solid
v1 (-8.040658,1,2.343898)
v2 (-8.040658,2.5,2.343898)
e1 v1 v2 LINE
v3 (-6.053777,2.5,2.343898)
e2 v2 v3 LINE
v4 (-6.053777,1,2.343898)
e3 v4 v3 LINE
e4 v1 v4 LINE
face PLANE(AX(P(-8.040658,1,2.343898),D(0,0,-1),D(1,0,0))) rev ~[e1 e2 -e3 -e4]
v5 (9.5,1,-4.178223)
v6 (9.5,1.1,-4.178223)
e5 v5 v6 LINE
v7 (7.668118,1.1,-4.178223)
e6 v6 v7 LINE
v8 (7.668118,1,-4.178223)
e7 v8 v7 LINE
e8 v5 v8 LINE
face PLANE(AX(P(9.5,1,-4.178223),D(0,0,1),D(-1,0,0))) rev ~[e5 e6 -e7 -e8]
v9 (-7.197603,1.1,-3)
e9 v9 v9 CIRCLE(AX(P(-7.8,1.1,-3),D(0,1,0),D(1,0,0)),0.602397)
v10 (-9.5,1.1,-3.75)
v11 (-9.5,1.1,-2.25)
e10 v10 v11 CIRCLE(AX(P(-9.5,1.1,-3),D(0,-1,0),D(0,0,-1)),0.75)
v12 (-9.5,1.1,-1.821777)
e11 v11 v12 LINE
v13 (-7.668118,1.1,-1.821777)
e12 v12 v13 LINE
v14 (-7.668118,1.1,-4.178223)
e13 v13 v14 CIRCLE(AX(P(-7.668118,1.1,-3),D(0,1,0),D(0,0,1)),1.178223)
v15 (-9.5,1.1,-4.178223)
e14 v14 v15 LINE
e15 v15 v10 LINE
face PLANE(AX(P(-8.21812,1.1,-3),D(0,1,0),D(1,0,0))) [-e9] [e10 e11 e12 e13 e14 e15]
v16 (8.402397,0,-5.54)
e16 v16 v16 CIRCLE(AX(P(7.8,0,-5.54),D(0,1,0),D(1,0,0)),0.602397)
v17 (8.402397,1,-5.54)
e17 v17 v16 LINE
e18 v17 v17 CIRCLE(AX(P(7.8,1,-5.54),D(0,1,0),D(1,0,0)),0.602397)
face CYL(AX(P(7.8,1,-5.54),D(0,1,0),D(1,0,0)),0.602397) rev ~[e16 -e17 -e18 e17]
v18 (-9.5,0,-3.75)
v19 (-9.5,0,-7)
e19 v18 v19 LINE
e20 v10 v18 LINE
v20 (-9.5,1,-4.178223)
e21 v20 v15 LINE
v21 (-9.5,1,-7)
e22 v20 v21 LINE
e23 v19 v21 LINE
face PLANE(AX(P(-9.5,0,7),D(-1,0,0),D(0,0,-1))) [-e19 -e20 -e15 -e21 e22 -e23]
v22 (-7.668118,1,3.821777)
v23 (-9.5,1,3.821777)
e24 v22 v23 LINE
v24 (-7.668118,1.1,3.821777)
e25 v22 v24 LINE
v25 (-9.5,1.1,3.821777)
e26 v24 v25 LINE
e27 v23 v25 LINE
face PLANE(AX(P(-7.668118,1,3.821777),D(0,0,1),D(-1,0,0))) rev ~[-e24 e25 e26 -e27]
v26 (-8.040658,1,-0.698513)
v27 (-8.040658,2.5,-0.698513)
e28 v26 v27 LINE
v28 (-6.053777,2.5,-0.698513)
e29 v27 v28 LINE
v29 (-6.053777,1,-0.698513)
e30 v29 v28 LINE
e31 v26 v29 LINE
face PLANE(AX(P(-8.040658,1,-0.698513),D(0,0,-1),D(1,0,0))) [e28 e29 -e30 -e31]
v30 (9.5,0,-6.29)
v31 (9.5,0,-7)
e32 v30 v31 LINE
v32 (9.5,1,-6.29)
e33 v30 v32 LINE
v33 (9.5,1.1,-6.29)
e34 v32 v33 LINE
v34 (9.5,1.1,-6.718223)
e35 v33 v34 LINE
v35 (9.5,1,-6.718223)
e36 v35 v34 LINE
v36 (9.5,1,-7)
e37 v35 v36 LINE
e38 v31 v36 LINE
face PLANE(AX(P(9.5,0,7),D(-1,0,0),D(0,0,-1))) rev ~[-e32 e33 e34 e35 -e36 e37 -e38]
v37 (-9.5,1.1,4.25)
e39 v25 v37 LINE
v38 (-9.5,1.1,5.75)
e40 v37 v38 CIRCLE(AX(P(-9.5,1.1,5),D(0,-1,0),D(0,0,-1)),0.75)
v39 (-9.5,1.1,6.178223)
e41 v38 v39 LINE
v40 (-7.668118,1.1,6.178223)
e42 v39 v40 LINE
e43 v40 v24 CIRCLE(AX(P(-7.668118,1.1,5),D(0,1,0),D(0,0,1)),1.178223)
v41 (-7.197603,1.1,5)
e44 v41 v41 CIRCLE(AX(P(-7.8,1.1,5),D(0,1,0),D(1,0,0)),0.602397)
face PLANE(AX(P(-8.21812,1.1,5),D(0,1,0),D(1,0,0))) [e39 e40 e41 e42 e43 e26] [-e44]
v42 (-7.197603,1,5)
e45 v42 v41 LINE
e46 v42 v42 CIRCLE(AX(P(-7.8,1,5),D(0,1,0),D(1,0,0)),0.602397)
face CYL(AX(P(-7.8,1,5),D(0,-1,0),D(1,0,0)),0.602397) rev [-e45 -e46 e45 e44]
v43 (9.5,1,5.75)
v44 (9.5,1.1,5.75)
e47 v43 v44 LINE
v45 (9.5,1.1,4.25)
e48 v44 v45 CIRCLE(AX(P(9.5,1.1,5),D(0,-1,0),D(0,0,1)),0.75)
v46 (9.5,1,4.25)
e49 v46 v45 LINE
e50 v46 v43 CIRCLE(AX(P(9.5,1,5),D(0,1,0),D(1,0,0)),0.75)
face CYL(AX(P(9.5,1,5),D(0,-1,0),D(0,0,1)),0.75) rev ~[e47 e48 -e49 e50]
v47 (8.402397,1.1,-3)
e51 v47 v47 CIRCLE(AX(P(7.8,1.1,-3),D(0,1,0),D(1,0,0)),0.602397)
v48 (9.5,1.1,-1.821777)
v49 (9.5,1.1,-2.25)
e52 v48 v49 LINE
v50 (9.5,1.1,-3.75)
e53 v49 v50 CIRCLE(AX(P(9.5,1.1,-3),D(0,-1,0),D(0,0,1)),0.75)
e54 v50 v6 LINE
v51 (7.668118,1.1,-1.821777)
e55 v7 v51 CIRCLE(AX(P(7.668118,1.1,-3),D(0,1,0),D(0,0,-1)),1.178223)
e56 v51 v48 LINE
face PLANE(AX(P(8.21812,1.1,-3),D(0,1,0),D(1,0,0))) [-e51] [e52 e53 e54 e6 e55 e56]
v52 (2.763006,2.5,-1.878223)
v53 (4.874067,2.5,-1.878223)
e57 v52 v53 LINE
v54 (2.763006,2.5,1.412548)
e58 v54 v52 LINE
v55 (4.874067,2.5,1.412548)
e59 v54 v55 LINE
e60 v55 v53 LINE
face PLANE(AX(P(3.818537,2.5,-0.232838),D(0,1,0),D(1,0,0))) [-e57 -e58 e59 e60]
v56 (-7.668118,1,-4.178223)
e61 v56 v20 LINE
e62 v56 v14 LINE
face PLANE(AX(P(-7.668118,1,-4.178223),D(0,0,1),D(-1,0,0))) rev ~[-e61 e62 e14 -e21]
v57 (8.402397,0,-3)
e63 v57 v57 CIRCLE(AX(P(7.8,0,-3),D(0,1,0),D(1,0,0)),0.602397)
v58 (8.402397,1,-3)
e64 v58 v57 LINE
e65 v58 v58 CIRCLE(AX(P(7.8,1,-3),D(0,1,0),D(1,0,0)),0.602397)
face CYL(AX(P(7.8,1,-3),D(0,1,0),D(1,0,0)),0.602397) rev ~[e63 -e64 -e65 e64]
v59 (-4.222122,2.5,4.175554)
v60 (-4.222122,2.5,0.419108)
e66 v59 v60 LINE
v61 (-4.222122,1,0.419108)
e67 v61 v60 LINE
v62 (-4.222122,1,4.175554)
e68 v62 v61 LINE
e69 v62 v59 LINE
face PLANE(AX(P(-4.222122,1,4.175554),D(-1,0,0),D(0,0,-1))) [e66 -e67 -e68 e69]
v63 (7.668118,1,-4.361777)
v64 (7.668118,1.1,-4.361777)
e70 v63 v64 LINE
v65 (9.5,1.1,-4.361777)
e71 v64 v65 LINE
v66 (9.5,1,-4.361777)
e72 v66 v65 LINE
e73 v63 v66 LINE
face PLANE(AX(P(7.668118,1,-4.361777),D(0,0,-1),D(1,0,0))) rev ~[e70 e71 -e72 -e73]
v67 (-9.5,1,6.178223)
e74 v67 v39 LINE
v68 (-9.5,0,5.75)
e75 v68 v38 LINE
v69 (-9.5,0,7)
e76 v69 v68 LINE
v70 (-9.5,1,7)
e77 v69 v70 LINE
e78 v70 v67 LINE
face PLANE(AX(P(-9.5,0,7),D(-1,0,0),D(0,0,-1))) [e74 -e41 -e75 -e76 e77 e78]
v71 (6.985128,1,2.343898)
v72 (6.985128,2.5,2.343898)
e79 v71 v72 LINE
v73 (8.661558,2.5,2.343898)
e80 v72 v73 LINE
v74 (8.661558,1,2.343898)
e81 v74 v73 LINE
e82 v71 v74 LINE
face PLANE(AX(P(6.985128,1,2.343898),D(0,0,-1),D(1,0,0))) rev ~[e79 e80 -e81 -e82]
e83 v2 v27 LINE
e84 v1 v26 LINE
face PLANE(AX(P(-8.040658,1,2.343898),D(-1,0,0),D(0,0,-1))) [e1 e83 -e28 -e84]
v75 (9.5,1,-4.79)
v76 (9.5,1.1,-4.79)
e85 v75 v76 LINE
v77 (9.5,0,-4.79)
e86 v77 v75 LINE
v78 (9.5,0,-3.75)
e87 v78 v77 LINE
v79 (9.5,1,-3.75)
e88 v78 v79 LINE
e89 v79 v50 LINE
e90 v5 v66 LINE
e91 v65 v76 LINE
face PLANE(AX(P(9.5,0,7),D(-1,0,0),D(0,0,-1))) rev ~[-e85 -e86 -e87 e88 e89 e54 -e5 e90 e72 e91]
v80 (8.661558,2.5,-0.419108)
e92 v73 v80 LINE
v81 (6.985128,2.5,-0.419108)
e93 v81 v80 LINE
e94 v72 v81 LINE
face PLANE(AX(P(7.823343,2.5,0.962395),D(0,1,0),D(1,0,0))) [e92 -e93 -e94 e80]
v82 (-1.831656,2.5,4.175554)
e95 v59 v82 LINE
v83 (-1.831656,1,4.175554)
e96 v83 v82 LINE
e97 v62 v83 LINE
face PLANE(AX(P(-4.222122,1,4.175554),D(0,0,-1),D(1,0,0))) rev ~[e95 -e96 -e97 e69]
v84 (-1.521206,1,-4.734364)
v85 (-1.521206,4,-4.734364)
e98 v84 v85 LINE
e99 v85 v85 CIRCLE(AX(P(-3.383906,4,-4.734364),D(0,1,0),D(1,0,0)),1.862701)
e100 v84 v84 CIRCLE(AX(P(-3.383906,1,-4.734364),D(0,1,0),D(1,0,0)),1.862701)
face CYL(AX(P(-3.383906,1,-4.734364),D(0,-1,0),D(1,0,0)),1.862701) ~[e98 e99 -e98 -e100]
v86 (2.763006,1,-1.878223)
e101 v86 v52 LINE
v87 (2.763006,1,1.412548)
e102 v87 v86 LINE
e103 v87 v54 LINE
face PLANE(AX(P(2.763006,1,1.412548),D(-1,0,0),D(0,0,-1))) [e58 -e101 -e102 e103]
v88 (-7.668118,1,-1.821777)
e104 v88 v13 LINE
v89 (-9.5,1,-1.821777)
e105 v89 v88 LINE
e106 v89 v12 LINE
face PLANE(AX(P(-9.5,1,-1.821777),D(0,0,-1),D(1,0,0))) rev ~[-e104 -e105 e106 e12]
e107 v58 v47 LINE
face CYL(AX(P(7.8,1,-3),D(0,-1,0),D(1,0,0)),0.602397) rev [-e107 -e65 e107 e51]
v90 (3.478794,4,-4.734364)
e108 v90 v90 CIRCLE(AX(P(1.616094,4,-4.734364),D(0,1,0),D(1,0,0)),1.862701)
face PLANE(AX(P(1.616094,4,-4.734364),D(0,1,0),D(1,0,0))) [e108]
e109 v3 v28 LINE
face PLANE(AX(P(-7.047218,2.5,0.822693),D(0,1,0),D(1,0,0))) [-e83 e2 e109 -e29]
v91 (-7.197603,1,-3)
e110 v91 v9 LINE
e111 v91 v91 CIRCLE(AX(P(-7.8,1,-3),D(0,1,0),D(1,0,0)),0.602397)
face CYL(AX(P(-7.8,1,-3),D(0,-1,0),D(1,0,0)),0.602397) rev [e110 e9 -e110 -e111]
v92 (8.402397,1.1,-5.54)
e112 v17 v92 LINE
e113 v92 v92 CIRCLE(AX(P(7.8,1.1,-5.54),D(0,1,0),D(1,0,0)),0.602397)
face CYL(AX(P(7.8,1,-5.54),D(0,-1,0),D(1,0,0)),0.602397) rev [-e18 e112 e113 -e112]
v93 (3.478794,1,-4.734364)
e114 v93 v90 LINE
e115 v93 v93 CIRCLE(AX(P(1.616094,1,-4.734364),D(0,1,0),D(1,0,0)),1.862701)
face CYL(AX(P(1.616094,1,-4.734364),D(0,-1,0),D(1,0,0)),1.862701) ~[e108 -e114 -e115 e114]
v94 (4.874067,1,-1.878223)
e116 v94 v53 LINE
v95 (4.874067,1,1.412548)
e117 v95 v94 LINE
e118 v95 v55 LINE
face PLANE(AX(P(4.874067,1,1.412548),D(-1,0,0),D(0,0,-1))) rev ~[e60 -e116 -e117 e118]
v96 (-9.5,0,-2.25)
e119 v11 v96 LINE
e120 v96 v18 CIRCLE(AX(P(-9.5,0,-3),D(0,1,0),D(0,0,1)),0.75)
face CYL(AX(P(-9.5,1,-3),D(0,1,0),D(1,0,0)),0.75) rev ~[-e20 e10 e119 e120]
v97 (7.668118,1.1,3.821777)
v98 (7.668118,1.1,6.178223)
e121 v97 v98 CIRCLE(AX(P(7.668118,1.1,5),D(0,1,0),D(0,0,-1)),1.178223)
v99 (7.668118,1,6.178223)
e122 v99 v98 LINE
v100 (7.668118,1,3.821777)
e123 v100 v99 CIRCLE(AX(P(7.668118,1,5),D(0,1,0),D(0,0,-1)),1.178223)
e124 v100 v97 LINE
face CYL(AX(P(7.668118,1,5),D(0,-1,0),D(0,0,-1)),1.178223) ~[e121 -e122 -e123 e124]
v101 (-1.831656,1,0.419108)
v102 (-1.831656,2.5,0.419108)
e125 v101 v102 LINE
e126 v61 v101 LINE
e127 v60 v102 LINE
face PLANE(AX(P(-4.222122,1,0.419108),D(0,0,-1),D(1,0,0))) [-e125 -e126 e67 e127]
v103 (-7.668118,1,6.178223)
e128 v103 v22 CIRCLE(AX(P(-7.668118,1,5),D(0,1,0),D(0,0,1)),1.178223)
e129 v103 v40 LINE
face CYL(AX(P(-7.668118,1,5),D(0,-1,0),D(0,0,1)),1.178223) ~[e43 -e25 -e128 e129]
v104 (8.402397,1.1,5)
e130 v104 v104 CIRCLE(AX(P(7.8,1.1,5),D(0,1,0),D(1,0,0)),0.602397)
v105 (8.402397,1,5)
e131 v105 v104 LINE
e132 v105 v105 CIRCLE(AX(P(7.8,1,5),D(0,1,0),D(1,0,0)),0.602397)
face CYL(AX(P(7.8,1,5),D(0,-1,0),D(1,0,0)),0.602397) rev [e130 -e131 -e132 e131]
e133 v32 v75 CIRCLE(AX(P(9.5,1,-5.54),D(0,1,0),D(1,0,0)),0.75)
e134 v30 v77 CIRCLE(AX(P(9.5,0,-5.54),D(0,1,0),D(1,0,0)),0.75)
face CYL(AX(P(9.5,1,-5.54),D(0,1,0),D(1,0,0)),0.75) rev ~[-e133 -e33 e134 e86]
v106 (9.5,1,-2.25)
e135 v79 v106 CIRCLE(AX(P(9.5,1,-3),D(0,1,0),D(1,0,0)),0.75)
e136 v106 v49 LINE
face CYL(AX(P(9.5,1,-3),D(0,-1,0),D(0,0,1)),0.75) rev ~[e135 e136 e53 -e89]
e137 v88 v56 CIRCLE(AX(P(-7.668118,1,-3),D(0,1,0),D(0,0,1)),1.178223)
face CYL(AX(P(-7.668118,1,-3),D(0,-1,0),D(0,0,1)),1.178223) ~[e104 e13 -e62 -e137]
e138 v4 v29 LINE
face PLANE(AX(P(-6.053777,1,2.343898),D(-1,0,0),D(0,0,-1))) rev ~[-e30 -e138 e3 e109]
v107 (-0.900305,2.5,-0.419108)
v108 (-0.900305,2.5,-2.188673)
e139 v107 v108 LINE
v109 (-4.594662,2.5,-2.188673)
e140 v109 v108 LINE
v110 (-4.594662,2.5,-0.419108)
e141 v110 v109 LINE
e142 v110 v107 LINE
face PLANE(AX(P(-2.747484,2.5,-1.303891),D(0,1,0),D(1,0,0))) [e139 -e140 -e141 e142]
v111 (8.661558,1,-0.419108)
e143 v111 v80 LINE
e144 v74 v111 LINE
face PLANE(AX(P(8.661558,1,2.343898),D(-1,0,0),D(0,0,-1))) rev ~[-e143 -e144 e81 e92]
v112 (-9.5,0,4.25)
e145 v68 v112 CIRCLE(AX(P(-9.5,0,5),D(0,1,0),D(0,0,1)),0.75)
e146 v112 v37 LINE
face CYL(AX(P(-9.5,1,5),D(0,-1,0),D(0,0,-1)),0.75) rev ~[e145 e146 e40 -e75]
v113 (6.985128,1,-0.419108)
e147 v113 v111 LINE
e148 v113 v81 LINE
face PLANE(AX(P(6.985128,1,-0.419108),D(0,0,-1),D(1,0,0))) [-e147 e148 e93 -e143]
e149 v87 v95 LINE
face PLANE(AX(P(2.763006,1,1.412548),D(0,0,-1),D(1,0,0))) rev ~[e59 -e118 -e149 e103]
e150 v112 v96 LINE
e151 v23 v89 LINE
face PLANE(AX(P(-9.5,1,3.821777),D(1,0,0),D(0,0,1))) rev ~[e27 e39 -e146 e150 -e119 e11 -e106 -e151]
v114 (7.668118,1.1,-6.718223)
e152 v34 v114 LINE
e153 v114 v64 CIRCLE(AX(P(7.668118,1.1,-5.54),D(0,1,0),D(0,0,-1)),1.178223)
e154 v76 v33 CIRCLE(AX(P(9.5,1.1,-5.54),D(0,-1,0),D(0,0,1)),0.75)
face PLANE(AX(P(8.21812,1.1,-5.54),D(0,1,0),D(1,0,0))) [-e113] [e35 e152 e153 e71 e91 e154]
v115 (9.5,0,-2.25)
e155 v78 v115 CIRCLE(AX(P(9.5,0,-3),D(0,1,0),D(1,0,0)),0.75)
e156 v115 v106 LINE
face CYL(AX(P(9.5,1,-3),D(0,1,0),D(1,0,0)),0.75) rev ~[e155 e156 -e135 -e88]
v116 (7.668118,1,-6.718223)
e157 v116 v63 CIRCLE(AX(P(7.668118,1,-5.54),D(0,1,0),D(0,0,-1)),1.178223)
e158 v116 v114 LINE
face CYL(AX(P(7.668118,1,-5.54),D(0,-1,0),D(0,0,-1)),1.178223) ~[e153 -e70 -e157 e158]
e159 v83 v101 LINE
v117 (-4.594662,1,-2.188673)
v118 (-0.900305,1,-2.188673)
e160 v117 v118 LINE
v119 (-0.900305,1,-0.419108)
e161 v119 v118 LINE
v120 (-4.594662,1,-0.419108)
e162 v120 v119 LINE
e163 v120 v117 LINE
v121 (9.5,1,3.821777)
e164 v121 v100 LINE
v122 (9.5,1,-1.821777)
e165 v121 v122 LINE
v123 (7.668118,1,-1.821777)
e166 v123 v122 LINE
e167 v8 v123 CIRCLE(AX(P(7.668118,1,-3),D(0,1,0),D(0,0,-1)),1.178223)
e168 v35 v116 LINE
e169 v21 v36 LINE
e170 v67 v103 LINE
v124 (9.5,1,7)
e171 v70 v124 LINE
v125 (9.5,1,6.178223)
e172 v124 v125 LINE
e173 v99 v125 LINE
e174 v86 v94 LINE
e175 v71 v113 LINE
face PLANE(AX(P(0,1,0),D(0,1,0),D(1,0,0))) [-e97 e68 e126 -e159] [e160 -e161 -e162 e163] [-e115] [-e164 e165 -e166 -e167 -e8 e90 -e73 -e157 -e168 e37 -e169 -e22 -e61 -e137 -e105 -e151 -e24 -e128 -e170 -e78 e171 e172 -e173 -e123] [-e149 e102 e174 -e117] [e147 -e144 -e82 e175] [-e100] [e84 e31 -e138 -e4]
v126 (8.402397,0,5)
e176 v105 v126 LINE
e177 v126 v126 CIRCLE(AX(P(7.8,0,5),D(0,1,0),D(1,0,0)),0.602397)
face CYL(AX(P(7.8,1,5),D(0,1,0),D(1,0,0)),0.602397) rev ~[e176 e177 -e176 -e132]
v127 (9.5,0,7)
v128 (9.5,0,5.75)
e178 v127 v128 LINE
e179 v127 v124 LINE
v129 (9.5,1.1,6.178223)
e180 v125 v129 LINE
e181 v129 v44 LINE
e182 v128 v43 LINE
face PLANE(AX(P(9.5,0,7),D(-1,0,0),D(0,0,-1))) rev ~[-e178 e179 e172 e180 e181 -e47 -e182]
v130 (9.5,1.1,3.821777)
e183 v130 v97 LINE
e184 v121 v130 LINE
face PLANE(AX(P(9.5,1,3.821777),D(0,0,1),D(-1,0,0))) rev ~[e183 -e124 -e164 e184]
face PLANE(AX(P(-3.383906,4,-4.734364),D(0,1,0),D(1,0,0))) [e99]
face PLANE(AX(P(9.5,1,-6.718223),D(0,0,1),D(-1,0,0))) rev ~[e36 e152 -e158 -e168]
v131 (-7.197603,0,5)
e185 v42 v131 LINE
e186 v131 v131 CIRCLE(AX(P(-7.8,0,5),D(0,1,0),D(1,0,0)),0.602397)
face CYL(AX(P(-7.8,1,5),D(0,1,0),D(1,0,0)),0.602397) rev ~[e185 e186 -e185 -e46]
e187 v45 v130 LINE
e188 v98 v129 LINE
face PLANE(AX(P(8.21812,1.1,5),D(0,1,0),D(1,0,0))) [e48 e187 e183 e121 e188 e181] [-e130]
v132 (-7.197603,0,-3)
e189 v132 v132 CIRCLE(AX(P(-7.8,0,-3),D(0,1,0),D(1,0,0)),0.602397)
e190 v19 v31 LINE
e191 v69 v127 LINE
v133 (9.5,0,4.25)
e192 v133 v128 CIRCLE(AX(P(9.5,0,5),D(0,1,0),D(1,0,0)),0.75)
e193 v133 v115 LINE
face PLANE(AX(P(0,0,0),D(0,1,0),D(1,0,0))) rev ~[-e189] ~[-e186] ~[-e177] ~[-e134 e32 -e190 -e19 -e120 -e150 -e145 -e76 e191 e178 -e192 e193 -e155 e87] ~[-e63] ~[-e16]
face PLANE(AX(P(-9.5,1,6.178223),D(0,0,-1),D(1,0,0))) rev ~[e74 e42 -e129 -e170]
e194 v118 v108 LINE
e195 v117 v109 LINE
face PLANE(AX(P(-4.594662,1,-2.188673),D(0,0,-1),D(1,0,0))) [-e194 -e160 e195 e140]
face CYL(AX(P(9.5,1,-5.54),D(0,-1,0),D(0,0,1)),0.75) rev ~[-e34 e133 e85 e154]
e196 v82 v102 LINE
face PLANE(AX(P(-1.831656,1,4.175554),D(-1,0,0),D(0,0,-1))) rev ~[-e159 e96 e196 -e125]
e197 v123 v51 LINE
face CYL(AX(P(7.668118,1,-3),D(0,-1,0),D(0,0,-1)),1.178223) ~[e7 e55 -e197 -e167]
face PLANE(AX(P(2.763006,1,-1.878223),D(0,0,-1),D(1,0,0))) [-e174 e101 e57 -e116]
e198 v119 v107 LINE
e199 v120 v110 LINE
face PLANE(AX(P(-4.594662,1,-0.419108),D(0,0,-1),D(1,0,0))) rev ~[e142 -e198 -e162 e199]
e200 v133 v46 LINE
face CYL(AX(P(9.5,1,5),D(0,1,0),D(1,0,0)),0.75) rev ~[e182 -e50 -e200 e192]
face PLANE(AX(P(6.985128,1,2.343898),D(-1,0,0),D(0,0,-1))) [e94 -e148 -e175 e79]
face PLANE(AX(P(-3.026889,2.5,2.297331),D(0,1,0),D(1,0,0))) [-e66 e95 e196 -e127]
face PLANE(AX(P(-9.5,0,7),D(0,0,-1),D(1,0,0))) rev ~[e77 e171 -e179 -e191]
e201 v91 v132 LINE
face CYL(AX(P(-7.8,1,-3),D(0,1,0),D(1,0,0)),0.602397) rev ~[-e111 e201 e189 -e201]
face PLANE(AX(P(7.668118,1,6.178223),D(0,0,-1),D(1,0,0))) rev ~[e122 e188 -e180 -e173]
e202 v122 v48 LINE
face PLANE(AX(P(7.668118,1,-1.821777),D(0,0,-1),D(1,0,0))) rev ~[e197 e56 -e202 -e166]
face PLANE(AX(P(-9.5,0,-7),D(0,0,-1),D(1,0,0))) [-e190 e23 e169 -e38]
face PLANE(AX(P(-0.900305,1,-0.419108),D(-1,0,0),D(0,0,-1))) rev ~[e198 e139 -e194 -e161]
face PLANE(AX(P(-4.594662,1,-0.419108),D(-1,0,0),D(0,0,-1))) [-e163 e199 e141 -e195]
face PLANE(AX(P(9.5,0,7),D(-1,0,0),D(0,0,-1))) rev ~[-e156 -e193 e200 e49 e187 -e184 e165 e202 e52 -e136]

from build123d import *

# Parameters (mm, degrees)
SKETCH_1_W          = 19
SKETCH_1_H          = 14
EXTRUDE_1_DEPTH     = 1
SKETCH_2_R          = 0.75
SKETCH_2_R_2        = 0.602396592
CUT_EXTRUDE_1_DEPTH = 2
SKETCH_4_R          = 1.862700745
EXTRUDE_2_DEPTH     = 3
SKETCH_3_R          = 0.602396592
EXTRUDE_3_DEPTH     = 0.1
SKETCH_5_W          = 2.390465956
SKETCH_5_H          = 3.756446502
SKETCH_5_W_2        = 2.111060845
SKETCH_5_H_2        = 3.290771316
SKETCH_5_W_3        = 1.986880794
SKETCH_5_H_3        = 3.042411217
SKETCH_5_W_4        = 3.694356478
SKETCH_5_H_4        = 1.769565707
SKETCH_5_W_5        = 1.676430671
SKETCH_5_H_5        = 2.763006106
EXTRUDE_4_DEPTH     = 1.5


with BuildPart() as part:
    # Эскиз1 → Бобышка-Вытянуть1 (new body)
    with BuildSketch(Plane(origin=(0, 0, 0), x_dir=(1, 0, 0), z_dir=(0, 1, 0))):
        Rectangle(SKETCH_1_W, SKETCH_1_H)
    extrude(amount=EXTRUDE_1_DEPTH)

    # Эскиз2 → Вырез-Вытянуть1 (cut, through all)
    with BuildSketch(Plane(origin=(0, 1, 0), x_dir=(1, 0, 0), z_dir=(0, 1, 0))):
        with Locations((-9.5, -5)):
            Circle(SKETCH_2_R)
        with Locations((-9.5, 3)):
            Circle(SKETCH_2_R)
        with Locations((9.5, 3)):
            Circle(SKETCH_2_R)
        with Locations((9.5, -5)):
            Circle(SKETCH_2_R)
        with Locations((9.5, 5.54)):
            Circle(SKETCH_2_R)
        with Locations((-7.8, 3)):
            Circle(SKETCH_2_R_2)
        with Locations((-7.8, -5)):
            Circle(SKETCH_2_R_2)
        with Locations((7.8, 3)):
            Circle(SKETCH_2_R_2)
        with Locations((7.8, -5)):
            Circle(SKETCH_2_R_2)
        with Locations((7.8, 5.54)):
            Circle(SKETCH_2_R_2)
    extrude(amount=-CUT_EXTRUDE_1_DEPTH, mode=Mode.SUBTRACT)

    # Эскиз4 → Бобышка-Вытянуть2 (add)
    with BuildSketch(Plane(origin=(0, 1, 0), x_dir=(1, 0, 0), z_dir=(0, 1, 0))):
        with Locations((-3.383906354, 4.734364394)):
            Circle(SKETCH_4_R)
        with Locations((1.616093646, 4.734364394)):
            Circle(SKETCH_4_R)
    extrude(amount=EXTRUDE_2_DEPTH)

    # Эскиз3 → Бобышка-Вытянуть3 (add)
    with BuildSketch(Plane(origin=(0, 1, 0), x_dir=(1, 0, 0), z_dir=(0, 1, 0))):
        with BuildLine():
            Line((-7.668118067, -3.821776661), (-9.5, -3.821776661))
            Line((-9.5, -3.821776661), (-9.5, -4.25))
            ThreePointArc((-9.5, -4.25), (-8.75, -5), (-9.5, -5.75))
            Line((-9.5, -5.75), (-9.5, -6.178223339))
            Line((-9.5, -6.178223339), (-7.668118067, -6.178223339))
            ThreePointArc((-7.668118067, -6.178223339), (-6.489894728, -5), (-7.668118067, -3.821776661))
        make_face()
        with Locations((-7.8, -5)):
            Circle(SKETCH_3_R, mode=Mode.SUBTRACT)
        with BuildLine():
            Line((-9.5, 2.25), (-9.5, 1.821776661))
            Line((-9.5, 1.821776661), (-7.668118067, 1.821776661))
            ThreePointArc((-7.668118067, 1.821776661), (-6.489894728, 3), (-7.668118067, 4.178223339))
            Line((-7.668118067, 4.178223339), (-9.5, 4.178223339))
            Line((-9.5, 4.178223339), (-9.5, 3.75))
            ThreePointArc((-9.5, 3.75), (-8.75, 3), (-9.5, 2.25))
        make_face()
        with Locations((-7.8, 3)):
            Circle(SKETCH_3_R, mode=Mode.SUBTRACT)
        with BuildLine():
            Line((7.668118067, -6.178223339), (9.5, -6.178223339))
            Line((9.5, -6.178223339), (9.5, -5.75))
            ThreePointArc((9.5, -5.75), (8.75, -5), (9.5, -4.25))
            Line((9.5, -4.25), (9.5, -3.821776661))
            Line((9.5, -3.821776661), (7.668118067, -3.821776661))
            ThreePointArc((7.668118067, -3.821776661), (6.489894728, -5), (7.668118067, -6.178223339))
        make_face()
        with Locations((7.8, -5)):
            Circle(SKETCH_3_R, mode=Mode.SUBTRACT)
        with BuildLine():
            Line((9.5, 6.29), (9.5, 6.718223339))
            Line((9.5, 6.718223339), (7.668118067, 6.718223339))
            ThreePointArc((7.668118067, 6.718223339), (6.489894728, 5.54), (7.668118067, 4.361776661))
            Line((7.668118067, 4.361776661), (9.5, 4.361776661))
            Line((9.5, 4.361776661), (9.5, 4.79))
            ThreePointArc((9.5, 4.79), (8.75, 5.54), (9.5, 6.29))
        make_face()
        with Locations((7.8, 5.54)):
            Circle(SKETCH_3_R, mode=Mode.SUBTRACT)
        with BuildLine():
            Line((7.668118067, 1.821776661), (9.5, 1.821776661))
            Line((9.5, 1.821776661), (9.5, 2.25))
            ThreePointArc((9.5, 2.25), (8.75, 3), (9.5, 3.75))
            Line((9.5, 3.75), (9.5, 4.178223339))
            Line((9.5, 4.178223339), (7.668118067, 4.178223339))
            ThreePointArc((7.668118067, 4.178223339), (6.489894728, 3), (7.668118067, 1.821776661))
        make_face()
        with Locations((7.8, 3)):
            Circle(SKETCH_3_R, mode=Mode.SUBTRACT)
    extrude(amount=EXTRUDE_3_DEPTH)

    # Эскиз5 → Бобышка-Вытянуть4 (add)
    with BuildSketch(Plane(origin=(0, 1, 0), x_dir=(1, 0, 0), z_dir=(0, 1, 0))):
        with Locations((-3.026888711, -2.297330919)):
            Rectangle(SKETCH_5_W, SKETCH_5_H)
        with Locations((3.818536528, 0.232837593)):
            Rectangle(SKETCH_5_W_2, SKETCH_5_H_2)
        with Locations((-7.047217819, -0.82269283)):
            Rectangle(SKETCH_5_W_3, SKETCH_5_H_3)
        with Locations((-2.747483599, 1.303890522)):
            Rectangle(SKETCH_5_W_4, SKETCH_5_H_4)
        with Locations((7.82334313, -0.962395385)):
            Rectangle(SKETCH_5_W_5, SKETCH_5_H_5)
    extrude(amount=EXTRUDE_4_DEPTH)


solid = part.part
